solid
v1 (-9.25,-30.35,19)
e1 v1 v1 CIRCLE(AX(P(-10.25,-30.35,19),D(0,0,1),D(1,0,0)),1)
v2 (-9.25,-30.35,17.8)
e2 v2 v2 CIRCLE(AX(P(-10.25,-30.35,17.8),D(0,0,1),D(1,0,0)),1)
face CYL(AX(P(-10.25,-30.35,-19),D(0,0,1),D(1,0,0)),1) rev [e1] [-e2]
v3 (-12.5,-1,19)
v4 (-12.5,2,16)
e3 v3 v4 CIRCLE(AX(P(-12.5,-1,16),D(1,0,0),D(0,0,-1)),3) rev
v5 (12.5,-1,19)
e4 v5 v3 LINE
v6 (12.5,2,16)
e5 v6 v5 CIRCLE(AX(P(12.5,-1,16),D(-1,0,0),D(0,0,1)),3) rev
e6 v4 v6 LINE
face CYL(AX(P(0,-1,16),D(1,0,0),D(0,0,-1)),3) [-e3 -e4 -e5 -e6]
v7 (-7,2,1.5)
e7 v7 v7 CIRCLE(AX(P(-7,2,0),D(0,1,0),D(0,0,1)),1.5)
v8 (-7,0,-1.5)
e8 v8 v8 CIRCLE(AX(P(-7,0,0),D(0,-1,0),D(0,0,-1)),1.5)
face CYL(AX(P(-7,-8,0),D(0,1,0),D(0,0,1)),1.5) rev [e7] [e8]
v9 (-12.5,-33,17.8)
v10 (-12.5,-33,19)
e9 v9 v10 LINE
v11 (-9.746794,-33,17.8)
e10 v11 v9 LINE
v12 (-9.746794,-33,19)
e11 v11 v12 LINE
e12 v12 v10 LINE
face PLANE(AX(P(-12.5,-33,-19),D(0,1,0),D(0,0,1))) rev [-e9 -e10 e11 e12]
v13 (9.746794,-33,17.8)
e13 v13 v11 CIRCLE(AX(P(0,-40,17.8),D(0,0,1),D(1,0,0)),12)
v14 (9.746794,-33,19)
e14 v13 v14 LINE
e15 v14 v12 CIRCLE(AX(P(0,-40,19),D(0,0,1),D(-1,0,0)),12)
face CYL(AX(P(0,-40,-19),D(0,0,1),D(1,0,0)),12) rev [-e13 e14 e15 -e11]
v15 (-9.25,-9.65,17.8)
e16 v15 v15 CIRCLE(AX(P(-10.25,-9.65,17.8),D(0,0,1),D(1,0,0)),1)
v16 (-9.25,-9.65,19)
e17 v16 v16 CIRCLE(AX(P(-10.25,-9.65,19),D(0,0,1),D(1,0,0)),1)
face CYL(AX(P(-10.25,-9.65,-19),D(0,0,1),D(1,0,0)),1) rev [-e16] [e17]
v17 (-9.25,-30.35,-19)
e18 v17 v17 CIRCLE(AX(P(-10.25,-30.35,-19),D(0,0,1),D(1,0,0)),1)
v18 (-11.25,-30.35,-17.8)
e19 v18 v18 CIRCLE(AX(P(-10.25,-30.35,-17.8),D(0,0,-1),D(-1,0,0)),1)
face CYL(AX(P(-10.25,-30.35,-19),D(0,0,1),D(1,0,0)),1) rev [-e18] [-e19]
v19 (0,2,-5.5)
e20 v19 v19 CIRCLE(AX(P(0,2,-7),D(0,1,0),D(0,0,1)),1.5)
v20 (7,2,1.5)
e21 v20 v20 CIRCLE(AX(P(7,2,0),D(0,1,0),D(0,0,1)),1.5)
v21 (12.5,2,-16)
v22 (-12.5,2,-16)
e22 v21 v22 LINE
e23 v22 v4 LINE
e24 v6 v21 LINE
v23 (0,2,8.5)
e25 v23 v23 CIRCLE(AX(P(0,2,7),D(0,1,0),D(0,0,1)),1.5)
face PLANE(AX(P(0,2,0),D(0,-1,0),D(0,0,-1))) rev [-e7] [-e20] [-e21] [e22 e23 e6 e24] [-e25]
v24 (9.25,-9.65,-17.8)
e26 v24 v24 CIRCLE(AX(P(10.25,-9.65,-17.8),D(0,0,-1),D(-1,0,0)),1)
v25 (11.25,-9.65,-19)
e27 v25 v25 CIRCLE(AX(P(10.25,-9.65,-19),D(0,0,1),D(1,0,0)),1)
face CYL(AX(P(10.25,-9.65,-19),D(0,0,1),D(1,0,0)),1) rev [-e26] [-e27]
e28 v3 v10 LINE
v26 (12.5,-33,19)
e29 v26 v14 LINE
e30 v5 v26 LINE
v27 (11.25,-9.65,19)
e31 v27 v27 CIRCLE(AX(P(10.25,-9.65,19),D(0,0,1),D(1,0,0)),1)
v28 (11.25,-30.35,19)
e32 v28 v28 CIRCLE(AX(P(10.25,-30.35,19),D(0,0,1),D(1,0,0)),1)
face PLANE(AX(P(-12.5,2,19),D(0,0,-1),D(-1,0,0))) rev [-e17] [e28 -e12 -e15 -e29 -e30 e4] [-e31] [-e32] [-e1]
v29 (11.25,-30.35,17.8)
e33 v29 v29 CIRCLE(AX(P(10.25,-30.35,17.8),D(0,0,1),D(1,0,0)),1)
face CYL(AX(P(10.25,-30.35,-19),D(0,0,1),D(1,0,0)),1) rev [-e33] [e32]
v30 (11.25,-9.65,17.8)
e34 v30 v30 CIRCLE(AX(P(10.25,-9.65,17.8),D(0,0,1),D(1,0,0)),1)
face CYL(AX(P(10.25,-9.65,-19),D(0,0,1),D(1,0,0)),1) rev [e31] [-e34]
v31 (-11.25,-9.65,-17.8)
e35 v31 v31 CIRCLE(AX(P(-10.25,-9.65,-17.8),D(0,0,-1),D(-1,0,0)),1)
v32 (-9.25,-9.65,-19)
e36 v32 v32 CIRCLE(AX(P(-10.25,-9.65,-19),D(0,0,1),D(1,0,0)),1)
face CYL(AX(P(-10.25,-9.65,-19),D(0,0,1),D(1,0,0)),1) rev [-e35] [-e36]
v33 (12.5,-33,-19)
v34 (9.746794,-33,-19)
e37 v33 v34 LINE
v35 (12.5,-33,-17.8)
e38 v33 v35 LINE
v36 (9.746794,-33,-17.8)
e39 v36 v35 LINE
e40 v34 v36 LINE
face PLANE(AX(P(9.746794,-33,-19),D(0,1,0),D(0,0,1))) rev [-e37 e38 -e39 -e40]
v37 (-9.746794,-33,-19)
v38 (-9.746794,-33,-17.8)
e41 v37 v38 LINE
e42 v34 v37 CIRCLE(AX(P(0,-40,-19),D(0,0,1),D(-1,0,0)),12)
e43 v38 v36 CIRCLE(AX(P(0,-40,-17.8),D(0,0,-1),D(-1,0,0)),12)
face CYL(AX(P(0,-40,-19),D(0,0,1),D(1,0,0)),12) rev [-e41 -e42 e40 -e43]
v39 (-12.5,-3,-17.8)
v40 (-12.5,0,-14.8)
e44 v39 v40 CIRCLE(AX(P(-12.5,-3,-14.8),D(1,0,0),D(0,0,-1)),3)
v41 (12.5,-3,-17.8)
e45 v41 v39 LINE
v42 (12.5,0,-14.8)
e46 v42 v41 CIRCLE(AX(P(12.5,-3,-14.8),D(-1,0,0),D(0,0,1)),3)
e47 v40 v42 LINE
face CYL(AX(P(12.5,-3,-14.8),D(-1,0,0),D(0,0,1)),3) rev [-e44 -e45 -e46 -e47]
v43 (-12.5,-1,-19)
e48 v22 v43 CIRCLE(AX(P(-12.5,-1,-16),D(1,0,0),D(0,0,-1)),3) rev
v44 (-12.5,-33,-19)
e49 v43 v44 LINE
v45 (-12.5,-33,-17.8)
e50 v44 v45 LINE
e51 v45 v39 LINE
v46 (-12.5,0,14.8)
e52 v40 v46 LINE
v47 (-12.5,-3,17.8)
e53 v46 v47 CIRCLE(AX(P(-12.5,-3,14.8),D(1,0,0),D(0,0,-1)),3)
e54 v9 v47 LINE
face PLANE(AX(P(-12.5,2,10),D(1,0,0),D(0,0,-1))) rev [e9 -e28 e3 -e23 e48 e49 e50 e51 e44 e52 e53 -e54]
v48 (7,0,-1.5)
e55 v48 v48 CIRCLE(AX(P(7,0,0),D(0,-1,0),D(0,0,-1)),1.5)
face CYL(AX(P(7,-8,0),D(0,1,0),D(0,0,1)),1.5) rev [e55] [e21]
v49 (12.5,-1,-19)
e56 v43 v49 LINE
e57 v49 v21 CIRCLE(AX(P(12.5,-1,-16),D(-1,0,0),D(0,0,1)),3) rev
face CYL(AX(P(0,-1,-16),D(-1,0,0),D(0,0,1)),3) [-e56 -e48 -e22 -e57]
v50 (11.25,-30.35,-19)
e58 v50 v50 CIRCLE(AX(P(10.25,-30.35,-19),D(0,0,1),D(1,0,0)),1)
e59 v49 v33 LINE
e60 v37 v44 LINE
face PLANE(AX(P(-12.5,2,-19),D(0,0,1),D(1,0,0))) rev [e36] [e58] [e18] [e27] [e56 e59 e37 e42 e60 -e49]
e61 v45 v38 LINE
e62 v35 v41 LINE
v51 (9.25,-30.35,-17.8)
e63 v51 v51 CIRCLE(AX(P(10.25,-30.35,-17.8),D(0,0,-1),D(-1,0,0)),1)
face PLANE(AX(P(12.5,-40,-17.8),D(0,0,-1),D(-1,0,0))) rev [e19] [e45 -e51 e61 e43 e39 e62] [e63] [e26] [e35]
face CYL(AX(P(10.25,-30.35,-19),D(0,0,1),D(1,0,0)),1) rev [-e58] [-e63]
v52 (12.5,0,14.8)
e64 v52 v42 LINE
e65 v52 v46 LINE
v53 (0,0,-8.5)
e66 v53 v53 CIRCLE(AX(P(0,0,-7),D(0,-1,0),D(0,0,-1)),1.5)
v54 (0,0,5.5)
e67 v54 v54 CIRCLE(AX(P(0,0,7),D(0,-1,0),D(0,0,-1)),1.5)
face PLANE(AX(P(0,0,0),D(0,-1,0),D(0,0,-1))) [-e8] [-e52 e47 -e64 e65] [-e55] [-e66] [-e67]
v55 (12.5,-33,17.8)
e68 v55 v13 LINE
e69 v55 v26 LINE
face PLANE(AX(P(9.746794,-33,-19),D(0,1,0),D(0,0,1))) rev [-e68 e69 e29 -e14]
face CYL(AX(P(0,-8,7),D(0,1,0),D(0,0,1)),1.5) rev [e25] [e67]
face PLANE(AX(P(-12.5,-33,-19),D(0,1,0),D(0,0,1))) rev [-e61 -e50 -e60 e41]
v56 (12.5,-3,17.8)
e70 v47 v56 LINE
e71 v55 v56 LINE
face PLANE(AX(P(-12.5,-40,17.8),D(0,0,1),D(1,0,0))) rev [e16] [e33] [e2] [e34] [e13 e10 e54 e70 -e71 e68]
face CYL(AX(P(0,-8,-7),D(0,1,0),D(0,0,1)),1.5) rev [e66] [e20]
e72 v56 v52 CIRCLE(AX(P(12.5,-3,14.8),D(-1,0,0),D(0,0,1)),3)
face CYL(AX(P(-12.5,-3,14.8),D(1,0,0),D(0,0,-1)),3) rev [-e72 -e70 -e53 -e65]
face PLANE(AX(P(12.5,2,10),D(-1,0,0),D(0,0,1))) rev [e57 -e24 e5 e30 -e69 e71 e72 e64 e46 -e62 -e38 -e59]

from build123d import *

# Parameters (mm, degrees)
EXTRUDE_1_DEPTH      = 2
SKETCH_4_W           = 25
SKETCH_4_H           = 1.2
EXTRUDE_3_DEPTH      = 40
FILLET_2_R           = 3
SKETCH_7_R           = 1
CUT_EXTRUDE_3_DEPTH  = 59.857879676
SKETCH_8_OUTSIDE_W   = 56.19
SKETCH_8_OUTSIDE_H   = 53.19
SKETCH_8_OUTSIDE_W_2 = 25
SKETCH_8_OUTSIDE_H_2 = 38
CUT_EXTRUDE_4_DEPTH  = 10
SKETCH_9_R           = 1.5
CUT_EXTRUDE_5_DEPTH  = 10


with BuildPart() as part:
    # 草图1 → 凸台-拉伸1 (new body)
    with BuildSketch(Plane(origin=(0, 0, 0), x_dir=(1, 0, 0), z_dir=(0, 1, 0))):
        Polygon((12.5, -10), (12.5, -19), (-12.5, -19), (-12.5, -10), (-20.5, -10), (-20.5, 10), (-12.5, 10), (-12.5, 19), (12.5, 19), (12.5, 10), (20.5, 10), (20.5, -10), align=None)
    extrude(amount=EXTRUDE_1_DEPTH)

    # 草图4 → 凸台-拉伸3 (add)
    with BuildSketch(Plane.XZ):
        with Locations((0, 18.4)):
            Rectangle(SKETCH_4_W, SKETCH_4_H)
        with Locations((0, -18.4)):
            Rectangle(SKETCH_4_W, SKETCH_4_H)
    extrude(amount=EXTRUDE_3_DEPTH)

    # 圆角2
    fillet_2_edges = [part.edges().sort_by_distance(p)[0] for p in [
        (0, 2, -19),
        (0, 2, 19),
        (0, 0, 17.8),
        (0, 0, -17.8),
    ]]
    fillet(fillet_2_edges, radius=FILLET_2_R)

    # 草图7 → 切除-拉伸3 (cut, through all)
    with BuildSketch(Plane.XY.offset(19)):
        with Locations((-10.25, -30.35)):
            Circle(SKETCH_7_R)
        with Locations((-10.25, -9.65)):
            Circle(SKETCH_7_R)
        with Locations((10.25, -9.65)):
            Circle(SKETCH_7_R)
        with Locations((10.25, -30.35)):
            Circle(SKETCH_7_R)
        with BuildLine():
            Line((-12.5, -33), (-9.746794345, -33))
            ThreePointArc((-9.746794345, -33), (0, -28), (9.746794345, -33))
            Line((9.746794345, -33), (12.5, -33))
            Line((12.5, -33), (12.5, -40))
            Line((12.5, -40), (-12.5, -40))
            Line((-12.5, -40), (-12.5, -33))
        make_face()
    extrude(amount=-CUT_EXTRUDE_3_DEPTH, mode=Mode.SUBTRACT)

    # 草图8 outside → 切除-拉伸4 (cut)
    with BuildSketch(Plane(origin=(0, 2, 0), x_dir=(1, 0, 0), z_dir=(0, 1, 0))):
        Rectangle(SKETCH_8_OUTSIDE_W, SKETCH_8_OUTSIDE_H)
        Rectangle(SKETCH_8_OUTSIDE_W_2, SKETCH_8_OUTSIDE_H_2, mode=Mode.SUBTRACT)
    extrude(amount=-CUT_EXTRUDE_4_DEPTH, mode=Mode.SUBTRACT)

    # 草图9 → 切除-拉伸5 (cut)
    with BuildSketch(Plane(origin=(0, 2, 0), x_dir=(1, 0, 0), z_dir=(0, 1, 0))):
        with Locations(Location((0, -7, 0), (0, 0, 270))):
            Circle(SKETCH_9_R)
        with Locations(Location((-7, 0, 0), (0, 0, 270))):
            Circle(SKETCH_9_R)
        with Locations(Location((0, 7, 0), (0, 0, 270))):
            Circle(SKETCH_9_R)
        with Locations(Location((7, 0, 0), (0, 0, 270))):
            Circle(SKETCH_9_R)
    extrude(amount=-CUT_EXTRUDE_5_DEPTH, mode=Mode.SUBTRACT)


solid = part.part
